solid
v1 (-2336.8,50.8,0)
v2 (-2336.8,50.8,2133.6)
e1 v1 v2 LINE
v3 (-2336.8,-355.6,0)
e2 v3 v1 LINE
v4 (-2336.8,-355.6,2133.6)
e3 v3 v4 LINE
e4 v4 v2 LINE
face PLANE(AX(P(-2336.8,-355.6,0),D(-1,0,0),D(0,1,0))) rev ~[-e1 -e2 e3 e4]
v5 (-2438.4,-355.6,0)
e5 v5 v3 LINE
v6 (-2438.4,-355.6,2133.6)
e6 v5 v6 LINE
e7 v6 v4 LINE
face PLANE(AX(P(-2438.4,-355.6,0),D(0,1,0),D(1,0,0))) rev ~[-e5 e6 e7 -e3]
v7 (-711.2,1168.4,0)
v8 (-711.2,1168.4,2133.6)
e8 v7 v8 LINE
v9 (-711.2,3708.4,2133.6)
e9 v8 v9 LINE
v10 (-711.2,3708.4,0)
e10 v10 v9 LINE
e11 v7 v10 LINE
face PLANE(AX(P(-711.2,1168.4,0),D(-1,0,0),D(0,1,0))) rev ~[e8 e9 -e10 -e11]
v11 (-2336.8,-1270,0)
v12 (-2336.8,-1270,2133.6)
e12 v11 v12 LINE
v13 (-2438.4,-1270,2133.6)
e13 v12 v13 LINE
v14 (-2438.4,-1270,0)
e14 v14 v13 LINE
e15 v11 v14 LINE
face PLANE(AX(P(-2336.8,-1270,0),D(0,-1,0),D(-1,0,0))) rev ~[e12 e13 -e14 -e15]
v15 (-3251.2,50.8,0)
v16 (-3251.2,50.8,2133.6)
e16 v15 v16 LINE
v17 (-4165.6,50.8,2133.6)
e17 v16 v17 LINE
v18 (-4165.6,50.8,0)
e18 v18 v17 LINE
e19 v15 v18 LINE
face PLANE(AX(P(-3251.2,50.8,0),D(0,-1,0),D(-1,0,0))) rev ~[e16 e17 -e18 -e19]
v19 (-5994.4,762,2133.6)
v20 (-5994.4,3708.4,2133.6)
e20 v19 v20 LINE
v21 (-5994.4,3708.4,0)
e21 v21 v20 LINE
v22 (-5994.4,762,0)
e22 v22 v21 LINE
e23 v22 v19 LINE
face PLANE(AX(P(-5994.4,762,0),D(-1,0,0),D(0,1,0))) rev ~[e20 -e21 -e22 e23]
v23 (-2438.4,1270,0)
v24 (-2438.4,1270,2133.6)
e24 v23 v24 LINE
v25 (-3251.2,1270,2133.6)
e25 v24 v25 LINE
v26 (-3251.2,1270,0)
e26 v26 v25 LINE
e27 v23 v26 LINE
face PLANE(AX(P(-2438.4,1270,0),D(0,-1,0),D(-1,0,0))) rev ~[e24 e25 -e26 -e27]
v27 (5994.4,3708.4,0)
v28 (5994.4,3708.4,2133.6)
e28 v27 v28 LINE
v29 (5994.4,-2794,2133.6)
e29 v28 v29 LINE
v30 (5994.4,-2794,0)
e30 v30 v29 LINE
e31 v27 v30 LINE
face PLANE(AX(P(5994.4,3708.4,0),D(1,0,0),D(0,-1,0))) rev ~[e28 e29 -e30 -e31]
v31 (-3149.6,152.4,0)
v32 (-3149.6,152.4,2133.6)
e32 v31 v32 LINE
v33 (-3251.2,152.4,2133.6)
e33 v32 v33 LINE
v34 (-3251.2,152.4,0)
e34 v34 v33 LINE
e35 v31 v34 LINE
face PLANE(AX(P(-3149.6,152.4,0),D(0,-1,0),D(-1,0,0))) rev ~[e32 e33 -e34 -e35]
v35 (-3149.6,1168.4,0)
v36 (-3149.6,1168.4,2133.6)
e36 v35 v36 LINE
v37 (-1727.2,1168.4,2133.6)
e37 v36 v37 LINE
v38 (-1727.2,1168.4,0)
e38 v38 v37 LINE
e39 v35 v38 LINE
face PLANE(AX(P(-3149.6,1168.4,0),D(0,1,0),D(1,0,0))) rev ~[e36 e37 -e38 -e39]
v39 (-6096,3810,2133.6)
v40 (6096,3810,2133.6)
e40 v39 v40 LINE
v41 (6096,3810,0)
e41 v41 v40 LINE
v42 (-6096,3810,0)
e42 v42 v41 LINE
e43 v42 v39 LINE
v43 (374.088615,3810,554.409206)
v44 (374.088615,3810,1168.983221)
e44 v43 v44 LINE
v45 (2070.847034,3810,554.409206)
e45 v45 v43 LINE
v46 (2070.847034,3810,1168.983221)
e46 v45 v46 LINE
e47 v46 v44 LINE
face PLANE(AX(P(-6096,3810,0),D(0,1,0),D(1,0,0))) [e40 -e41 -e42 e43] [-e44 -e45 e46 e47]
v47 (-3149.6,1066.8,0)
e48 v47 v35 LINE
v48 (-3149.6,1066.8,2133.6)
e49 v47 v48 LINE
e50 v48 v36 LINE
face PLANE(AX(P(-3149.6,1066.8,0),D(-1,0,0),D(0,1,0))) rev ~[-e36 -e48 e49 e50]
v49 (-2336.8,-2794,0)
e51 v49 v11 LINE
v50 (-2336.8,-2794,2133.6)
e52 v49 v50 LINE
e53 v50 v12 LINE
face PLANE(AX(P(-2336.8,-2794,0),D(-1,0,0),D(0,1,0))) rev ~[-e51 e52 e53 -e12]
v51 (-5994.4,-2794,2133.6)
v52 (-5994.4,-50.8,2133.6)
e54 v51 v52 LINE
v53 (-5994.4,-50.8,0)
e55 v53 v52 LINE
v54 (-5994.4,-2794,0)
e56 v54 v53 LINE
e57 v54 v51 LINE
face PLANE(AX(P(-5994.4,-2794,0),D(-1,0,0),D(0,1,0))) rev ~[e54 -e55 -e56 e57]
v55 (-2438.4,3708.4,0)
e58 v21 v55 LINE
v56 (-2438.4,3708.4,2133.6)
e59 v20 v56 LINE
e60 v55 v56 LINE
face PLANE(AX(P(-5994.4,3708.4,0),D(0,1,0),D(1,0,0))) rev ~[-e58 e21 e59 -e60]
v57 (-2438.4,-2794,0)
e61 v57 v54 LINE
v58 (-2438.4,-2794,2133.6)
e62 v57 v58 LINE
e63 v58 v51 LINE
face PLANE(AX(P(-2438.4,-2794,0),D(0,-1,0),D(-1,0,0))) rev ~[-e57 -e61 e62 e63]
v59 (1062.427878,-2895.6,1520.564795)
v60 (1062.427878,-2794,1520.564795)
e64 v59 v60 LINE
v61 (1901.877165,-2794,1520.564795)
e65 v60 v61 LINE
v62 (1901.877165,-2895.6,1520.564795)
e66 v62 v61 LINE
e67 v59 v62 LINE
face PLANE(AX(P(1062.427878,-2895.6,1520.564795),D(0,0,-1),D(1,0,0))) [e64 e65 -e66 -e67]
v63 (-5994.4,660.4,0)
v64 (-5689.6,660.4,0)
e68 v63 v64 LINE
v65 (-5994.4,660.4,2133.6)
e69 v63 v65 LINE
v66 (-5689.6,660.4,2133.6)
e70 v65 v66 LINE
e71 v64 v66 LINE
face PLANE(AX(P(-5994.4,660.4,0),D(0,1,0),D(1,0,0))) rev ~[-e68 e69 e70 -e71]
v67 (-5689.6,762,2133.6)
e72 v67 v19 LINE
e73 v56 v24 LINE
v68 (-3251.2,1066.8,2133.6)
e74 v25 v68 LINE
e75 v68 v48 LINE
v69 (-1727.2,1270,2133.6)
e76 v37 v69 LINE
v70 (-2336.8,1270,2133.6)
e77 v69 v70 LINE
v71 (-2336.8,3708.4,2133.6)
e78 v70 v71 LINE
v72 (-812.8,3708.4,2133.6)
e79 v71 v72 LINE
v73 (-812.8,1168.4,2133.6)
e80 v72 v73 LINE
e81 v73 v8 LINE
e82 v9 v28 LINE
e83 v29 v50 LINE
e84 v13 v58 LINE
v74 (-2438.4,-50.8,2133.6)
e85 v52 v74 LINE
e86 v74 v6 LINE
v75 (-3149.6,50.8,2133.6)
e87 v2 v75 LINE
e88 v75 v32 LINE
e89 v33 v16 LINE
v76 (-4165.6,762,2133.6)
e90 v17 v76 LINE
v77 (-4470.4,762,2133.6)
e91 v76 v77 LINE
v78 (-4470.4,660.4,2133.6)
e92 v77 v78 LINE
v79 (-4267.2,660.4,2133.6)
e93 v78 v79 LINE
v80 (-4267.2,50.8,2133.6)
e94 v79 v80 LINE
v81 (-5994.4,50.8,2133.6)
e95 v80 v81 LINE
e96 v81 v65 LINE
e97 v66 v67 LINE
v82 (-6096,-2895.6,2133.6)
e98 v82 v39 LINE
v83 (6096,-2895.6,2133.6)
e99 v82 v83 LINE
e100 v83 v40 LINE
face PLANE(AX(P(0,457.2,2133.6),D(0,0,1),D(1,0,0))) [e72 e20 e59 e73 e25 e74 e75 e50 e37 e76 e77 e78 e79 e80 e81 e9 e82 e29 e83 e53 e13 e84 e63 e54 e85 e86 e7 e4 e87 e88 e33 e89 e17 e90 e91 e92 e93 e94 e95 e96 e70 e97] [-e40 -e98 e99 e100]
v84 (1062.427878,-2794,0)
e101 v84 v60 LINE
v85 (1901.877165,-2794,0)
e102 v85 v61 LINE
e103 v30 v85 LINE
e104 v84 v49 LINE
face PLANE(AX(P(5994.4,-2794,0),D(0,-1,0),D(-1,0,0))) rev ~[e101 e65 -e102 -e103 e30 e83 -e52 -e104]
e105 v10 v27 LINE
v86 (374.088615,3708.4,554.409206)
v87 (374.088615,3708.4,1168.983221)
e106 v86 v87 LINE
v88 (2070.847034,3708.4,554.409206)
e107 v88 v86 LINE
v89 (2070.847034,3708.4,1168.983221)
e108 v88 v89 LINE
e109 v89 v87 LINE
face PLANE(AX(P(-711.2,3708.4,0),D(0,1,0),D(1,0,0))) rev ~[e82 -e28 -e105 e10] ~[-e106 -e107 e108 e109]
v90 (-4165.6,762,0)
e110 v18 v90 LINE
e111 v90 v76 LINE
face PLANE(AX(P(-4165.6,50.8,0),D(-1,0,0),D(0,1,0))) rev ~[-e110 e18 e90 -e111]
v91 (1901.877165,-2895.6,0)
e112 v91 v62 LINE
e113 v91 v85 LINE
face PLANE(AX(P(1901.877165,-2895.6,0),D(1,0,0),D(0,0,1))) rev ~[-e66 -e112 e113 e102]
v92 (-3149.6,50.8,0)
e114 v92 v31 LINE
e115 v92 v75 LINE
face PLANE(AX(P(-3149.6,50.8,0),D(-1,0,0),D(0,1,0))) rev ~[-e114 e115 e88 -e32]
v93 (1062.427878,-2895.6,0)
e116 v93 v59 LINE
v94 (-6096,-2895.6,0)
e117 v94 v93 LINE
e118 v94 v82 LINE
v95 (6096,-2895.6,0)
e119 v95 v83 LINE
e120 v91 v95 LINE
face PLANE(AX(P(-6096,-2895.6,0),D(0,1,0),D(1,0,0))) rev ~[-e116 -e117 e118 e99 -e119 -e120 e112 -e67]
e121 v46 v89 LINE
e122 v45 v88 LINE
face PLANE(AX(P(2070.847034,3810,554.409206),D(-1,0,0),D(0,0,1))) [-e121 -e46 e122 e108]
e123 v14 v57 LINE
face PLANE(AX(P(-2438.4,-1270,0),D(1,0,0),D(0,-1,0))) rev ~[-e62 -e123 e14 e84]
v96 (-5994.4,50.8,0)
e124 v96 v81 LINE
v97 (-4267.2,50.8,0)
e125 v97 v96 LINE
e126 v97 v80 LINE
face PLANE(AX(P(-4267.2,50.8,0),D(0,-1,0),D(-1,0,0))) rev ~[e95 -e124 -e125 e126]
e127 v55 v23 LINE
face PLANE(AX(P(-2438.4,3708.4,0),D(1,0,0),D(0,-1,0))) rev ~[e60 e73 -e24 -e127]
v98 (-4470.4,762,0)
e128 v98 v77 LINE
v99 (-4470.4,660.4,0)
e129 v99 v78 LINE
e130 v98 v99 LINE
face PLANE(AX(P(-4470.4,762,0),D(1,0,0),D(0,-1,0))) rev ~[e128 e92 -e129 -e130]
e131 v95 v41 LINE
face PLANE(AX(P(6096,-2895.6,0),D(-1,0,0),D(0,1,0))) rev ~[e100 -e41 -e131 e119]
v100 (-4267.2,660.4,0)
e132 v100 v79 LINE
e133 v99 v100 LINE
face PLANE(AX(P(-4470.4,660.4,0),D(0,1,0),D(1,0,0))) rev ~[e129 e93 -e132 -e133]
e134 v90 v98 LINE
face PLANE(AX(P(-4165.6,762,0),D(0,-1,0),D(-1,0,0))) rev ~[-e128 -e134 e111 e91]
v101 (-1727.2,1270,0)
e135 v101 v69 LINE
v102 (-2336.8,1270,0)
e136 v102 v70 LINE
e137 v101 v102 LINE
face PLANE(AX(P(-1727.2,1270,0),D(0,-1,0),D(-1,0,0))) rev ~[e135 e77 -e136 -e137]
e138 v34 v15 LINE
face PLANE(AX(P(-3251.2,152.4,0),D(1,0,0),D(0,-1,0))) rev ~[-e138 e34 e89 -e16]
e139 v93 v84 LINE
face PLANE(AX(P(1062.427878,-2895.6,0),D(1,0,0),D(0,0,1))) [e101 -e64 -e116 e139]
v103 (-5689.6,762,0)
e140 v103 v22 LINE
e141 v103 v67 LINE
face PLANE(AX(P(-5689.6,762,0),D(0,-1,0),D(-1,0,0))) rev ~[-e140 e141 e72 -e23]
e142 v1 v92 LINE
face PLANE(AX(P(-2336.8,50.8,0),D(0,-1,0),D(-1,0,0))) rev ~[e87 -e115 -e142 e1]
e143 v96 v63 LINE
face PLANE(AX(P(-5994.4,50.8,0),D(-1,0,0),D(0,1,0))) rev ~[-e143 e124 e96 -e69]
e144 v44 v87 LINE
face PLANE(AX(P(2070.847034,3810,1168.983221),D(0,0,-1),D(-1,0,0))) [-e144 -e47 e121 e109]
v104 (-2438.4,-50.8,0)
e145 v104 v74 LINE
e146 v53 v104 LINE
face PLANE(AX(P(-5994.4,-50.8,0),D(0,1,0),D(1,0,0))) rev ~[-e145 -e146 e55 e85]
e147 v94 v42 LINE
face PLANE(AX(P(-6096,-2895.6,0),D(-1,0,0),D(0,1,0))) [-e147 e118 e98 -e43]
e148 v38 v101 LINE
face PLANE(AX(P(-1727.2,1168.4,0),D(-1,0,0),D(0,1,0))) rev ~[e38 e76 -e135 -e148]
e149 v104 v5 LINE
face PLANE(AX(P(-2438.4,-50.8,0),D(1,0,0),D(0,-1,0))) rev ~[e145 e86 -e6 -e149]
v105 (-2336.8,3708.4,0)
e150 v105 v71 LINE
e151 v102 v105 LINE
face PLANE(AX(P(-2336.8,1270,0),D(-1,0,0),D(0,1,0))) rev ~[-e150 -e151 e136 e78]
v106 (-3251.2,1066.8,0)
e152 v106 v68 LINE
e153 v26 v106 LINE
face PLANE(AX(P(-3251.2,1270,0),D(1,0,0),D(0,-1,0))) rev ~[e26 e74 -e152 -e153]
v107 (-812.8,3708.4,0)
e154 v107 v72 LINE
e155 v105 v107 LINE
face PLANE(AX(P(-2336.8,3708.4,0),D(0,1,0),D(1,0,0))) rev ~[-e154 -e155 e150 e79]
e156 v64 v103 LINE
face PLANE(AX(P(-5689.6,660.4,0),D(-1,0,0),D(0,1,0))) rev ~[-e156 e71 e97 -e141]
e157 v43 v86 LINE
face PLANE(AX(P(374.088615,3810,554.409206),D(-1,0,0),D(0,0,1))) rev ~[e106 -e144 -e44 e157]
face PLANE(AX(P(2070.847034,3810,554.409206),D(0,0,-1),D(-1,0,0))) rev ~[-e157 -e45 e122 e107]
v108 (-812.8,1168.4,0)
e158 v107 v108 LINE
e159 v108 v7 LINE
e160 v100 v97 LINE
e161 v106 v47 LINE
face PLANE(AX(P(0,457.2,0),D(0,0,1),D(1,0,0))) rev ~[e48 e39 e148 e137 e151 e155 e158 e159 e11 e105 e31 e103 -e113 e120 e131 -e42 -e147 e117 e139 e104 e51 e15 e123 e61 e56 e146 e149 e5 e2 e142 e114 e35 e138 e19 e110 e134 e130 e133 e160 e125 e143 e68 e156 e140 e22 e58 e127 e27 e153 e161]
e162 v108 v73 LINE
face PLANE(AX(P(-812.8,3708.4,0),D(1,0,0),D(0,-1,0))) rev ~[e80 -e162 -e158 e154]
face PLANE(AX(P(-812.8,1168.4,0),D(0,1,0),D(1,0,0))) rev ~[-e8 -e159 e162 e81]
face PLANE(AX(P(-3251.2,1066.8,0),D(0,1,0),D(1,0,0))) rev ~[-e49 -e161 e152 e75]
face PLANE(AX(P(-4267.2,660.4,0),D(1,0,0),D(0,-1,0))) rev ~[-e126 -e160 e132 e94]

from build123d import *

# Parameters (mm, degrees)
F0_W     = 12192
F0_H     = 6705.6
F1_DEPTH = 2133.6
F2_W     = 839.4492864609
F2_H     = 1520.5647945404
F3_DEPTH = 101.6
F4_W     = 1696.7584192753
F4_H     = 614.5740151405
F5_DEPTH = 101.6


with BuildPart() as f1:
    # F0 (on Top) → F1 (new body)
    with BuildSketch(Plane.XY):
        with Locations((0, 457.2)):
            Rectangle(F0_W, F0_H)
        Polygon((-5994.4, 762), (-5994.4, 3708.4), (-2438.4, 3708.4), (-2438.4, 1270), (-3251.2, 1270), (-3251.2, 1066.8), (-3149.6, 1066.8), (-3149.6, 1168.4), (-2336.8, 1168.4), (-1727.2, 1168.4), (-1727.2, 1270), (-2336.8, 1270), (-2336.8, 3708.4), (-812.8, 3708.4), (-812.8, 1168.4), (-711.2, 1168.4), (-711.2, 3708.4), (5994.4, 3708.4), (5994.4, -2794), (-2336.8, -2794), (-2336.8, -1270), (-2438.4, -1270), (-2438.4, -2794), (-5994.4, -2794), (-5994.4, -50.8), (-2438.4, -50.8), (-2438.4, -355.6), (-2336.8, -355.6), (-2336.8, 50.8), (-3149.6, 50.8), (-3149.6, 152.4), (-3251.2, 152.4), (-3251.2, 50.8), (-4165.6, 50.8), (-4165.6, 762), (-4470.4, 762), (-4470.4, 660.4), (-4267.2, 660.4), (-4267.2, 50.8), (-5994.4, 50.8), (-5994.4, 660.4), (-5689.6, 660.4), (-5689.6, 762), align=None, mode=Mode.SUBTRACT)
    extrude(amount=F1_DEPTH)

    # F2 (on face) → F3 (cut, through all)
    with BuildSketch(Plane.XZ.offset(2895.6)):
        with Locations((1482.1525216103, 760.2823972702)):
            Rectangle(F2_W, F2_H)
    extrude(amount=-F3_DEPTH, mode=Mode.SUBTRACT)

    # F4 (on face) → F5 (cut, through all)
    with BuildSketch(Plane(origin=(0, 3810, 0), x_dir=(-1, 0, 0), z_dir=(0, 1, 0))):
        with Locations((-1222.4678248167, 861.6962134838)):
            Rectangle(F4_W, F4_H)
    extrude(amount=-F5_DEPTH, mode=Mode.SUBTRACT)


solid = f1.part
